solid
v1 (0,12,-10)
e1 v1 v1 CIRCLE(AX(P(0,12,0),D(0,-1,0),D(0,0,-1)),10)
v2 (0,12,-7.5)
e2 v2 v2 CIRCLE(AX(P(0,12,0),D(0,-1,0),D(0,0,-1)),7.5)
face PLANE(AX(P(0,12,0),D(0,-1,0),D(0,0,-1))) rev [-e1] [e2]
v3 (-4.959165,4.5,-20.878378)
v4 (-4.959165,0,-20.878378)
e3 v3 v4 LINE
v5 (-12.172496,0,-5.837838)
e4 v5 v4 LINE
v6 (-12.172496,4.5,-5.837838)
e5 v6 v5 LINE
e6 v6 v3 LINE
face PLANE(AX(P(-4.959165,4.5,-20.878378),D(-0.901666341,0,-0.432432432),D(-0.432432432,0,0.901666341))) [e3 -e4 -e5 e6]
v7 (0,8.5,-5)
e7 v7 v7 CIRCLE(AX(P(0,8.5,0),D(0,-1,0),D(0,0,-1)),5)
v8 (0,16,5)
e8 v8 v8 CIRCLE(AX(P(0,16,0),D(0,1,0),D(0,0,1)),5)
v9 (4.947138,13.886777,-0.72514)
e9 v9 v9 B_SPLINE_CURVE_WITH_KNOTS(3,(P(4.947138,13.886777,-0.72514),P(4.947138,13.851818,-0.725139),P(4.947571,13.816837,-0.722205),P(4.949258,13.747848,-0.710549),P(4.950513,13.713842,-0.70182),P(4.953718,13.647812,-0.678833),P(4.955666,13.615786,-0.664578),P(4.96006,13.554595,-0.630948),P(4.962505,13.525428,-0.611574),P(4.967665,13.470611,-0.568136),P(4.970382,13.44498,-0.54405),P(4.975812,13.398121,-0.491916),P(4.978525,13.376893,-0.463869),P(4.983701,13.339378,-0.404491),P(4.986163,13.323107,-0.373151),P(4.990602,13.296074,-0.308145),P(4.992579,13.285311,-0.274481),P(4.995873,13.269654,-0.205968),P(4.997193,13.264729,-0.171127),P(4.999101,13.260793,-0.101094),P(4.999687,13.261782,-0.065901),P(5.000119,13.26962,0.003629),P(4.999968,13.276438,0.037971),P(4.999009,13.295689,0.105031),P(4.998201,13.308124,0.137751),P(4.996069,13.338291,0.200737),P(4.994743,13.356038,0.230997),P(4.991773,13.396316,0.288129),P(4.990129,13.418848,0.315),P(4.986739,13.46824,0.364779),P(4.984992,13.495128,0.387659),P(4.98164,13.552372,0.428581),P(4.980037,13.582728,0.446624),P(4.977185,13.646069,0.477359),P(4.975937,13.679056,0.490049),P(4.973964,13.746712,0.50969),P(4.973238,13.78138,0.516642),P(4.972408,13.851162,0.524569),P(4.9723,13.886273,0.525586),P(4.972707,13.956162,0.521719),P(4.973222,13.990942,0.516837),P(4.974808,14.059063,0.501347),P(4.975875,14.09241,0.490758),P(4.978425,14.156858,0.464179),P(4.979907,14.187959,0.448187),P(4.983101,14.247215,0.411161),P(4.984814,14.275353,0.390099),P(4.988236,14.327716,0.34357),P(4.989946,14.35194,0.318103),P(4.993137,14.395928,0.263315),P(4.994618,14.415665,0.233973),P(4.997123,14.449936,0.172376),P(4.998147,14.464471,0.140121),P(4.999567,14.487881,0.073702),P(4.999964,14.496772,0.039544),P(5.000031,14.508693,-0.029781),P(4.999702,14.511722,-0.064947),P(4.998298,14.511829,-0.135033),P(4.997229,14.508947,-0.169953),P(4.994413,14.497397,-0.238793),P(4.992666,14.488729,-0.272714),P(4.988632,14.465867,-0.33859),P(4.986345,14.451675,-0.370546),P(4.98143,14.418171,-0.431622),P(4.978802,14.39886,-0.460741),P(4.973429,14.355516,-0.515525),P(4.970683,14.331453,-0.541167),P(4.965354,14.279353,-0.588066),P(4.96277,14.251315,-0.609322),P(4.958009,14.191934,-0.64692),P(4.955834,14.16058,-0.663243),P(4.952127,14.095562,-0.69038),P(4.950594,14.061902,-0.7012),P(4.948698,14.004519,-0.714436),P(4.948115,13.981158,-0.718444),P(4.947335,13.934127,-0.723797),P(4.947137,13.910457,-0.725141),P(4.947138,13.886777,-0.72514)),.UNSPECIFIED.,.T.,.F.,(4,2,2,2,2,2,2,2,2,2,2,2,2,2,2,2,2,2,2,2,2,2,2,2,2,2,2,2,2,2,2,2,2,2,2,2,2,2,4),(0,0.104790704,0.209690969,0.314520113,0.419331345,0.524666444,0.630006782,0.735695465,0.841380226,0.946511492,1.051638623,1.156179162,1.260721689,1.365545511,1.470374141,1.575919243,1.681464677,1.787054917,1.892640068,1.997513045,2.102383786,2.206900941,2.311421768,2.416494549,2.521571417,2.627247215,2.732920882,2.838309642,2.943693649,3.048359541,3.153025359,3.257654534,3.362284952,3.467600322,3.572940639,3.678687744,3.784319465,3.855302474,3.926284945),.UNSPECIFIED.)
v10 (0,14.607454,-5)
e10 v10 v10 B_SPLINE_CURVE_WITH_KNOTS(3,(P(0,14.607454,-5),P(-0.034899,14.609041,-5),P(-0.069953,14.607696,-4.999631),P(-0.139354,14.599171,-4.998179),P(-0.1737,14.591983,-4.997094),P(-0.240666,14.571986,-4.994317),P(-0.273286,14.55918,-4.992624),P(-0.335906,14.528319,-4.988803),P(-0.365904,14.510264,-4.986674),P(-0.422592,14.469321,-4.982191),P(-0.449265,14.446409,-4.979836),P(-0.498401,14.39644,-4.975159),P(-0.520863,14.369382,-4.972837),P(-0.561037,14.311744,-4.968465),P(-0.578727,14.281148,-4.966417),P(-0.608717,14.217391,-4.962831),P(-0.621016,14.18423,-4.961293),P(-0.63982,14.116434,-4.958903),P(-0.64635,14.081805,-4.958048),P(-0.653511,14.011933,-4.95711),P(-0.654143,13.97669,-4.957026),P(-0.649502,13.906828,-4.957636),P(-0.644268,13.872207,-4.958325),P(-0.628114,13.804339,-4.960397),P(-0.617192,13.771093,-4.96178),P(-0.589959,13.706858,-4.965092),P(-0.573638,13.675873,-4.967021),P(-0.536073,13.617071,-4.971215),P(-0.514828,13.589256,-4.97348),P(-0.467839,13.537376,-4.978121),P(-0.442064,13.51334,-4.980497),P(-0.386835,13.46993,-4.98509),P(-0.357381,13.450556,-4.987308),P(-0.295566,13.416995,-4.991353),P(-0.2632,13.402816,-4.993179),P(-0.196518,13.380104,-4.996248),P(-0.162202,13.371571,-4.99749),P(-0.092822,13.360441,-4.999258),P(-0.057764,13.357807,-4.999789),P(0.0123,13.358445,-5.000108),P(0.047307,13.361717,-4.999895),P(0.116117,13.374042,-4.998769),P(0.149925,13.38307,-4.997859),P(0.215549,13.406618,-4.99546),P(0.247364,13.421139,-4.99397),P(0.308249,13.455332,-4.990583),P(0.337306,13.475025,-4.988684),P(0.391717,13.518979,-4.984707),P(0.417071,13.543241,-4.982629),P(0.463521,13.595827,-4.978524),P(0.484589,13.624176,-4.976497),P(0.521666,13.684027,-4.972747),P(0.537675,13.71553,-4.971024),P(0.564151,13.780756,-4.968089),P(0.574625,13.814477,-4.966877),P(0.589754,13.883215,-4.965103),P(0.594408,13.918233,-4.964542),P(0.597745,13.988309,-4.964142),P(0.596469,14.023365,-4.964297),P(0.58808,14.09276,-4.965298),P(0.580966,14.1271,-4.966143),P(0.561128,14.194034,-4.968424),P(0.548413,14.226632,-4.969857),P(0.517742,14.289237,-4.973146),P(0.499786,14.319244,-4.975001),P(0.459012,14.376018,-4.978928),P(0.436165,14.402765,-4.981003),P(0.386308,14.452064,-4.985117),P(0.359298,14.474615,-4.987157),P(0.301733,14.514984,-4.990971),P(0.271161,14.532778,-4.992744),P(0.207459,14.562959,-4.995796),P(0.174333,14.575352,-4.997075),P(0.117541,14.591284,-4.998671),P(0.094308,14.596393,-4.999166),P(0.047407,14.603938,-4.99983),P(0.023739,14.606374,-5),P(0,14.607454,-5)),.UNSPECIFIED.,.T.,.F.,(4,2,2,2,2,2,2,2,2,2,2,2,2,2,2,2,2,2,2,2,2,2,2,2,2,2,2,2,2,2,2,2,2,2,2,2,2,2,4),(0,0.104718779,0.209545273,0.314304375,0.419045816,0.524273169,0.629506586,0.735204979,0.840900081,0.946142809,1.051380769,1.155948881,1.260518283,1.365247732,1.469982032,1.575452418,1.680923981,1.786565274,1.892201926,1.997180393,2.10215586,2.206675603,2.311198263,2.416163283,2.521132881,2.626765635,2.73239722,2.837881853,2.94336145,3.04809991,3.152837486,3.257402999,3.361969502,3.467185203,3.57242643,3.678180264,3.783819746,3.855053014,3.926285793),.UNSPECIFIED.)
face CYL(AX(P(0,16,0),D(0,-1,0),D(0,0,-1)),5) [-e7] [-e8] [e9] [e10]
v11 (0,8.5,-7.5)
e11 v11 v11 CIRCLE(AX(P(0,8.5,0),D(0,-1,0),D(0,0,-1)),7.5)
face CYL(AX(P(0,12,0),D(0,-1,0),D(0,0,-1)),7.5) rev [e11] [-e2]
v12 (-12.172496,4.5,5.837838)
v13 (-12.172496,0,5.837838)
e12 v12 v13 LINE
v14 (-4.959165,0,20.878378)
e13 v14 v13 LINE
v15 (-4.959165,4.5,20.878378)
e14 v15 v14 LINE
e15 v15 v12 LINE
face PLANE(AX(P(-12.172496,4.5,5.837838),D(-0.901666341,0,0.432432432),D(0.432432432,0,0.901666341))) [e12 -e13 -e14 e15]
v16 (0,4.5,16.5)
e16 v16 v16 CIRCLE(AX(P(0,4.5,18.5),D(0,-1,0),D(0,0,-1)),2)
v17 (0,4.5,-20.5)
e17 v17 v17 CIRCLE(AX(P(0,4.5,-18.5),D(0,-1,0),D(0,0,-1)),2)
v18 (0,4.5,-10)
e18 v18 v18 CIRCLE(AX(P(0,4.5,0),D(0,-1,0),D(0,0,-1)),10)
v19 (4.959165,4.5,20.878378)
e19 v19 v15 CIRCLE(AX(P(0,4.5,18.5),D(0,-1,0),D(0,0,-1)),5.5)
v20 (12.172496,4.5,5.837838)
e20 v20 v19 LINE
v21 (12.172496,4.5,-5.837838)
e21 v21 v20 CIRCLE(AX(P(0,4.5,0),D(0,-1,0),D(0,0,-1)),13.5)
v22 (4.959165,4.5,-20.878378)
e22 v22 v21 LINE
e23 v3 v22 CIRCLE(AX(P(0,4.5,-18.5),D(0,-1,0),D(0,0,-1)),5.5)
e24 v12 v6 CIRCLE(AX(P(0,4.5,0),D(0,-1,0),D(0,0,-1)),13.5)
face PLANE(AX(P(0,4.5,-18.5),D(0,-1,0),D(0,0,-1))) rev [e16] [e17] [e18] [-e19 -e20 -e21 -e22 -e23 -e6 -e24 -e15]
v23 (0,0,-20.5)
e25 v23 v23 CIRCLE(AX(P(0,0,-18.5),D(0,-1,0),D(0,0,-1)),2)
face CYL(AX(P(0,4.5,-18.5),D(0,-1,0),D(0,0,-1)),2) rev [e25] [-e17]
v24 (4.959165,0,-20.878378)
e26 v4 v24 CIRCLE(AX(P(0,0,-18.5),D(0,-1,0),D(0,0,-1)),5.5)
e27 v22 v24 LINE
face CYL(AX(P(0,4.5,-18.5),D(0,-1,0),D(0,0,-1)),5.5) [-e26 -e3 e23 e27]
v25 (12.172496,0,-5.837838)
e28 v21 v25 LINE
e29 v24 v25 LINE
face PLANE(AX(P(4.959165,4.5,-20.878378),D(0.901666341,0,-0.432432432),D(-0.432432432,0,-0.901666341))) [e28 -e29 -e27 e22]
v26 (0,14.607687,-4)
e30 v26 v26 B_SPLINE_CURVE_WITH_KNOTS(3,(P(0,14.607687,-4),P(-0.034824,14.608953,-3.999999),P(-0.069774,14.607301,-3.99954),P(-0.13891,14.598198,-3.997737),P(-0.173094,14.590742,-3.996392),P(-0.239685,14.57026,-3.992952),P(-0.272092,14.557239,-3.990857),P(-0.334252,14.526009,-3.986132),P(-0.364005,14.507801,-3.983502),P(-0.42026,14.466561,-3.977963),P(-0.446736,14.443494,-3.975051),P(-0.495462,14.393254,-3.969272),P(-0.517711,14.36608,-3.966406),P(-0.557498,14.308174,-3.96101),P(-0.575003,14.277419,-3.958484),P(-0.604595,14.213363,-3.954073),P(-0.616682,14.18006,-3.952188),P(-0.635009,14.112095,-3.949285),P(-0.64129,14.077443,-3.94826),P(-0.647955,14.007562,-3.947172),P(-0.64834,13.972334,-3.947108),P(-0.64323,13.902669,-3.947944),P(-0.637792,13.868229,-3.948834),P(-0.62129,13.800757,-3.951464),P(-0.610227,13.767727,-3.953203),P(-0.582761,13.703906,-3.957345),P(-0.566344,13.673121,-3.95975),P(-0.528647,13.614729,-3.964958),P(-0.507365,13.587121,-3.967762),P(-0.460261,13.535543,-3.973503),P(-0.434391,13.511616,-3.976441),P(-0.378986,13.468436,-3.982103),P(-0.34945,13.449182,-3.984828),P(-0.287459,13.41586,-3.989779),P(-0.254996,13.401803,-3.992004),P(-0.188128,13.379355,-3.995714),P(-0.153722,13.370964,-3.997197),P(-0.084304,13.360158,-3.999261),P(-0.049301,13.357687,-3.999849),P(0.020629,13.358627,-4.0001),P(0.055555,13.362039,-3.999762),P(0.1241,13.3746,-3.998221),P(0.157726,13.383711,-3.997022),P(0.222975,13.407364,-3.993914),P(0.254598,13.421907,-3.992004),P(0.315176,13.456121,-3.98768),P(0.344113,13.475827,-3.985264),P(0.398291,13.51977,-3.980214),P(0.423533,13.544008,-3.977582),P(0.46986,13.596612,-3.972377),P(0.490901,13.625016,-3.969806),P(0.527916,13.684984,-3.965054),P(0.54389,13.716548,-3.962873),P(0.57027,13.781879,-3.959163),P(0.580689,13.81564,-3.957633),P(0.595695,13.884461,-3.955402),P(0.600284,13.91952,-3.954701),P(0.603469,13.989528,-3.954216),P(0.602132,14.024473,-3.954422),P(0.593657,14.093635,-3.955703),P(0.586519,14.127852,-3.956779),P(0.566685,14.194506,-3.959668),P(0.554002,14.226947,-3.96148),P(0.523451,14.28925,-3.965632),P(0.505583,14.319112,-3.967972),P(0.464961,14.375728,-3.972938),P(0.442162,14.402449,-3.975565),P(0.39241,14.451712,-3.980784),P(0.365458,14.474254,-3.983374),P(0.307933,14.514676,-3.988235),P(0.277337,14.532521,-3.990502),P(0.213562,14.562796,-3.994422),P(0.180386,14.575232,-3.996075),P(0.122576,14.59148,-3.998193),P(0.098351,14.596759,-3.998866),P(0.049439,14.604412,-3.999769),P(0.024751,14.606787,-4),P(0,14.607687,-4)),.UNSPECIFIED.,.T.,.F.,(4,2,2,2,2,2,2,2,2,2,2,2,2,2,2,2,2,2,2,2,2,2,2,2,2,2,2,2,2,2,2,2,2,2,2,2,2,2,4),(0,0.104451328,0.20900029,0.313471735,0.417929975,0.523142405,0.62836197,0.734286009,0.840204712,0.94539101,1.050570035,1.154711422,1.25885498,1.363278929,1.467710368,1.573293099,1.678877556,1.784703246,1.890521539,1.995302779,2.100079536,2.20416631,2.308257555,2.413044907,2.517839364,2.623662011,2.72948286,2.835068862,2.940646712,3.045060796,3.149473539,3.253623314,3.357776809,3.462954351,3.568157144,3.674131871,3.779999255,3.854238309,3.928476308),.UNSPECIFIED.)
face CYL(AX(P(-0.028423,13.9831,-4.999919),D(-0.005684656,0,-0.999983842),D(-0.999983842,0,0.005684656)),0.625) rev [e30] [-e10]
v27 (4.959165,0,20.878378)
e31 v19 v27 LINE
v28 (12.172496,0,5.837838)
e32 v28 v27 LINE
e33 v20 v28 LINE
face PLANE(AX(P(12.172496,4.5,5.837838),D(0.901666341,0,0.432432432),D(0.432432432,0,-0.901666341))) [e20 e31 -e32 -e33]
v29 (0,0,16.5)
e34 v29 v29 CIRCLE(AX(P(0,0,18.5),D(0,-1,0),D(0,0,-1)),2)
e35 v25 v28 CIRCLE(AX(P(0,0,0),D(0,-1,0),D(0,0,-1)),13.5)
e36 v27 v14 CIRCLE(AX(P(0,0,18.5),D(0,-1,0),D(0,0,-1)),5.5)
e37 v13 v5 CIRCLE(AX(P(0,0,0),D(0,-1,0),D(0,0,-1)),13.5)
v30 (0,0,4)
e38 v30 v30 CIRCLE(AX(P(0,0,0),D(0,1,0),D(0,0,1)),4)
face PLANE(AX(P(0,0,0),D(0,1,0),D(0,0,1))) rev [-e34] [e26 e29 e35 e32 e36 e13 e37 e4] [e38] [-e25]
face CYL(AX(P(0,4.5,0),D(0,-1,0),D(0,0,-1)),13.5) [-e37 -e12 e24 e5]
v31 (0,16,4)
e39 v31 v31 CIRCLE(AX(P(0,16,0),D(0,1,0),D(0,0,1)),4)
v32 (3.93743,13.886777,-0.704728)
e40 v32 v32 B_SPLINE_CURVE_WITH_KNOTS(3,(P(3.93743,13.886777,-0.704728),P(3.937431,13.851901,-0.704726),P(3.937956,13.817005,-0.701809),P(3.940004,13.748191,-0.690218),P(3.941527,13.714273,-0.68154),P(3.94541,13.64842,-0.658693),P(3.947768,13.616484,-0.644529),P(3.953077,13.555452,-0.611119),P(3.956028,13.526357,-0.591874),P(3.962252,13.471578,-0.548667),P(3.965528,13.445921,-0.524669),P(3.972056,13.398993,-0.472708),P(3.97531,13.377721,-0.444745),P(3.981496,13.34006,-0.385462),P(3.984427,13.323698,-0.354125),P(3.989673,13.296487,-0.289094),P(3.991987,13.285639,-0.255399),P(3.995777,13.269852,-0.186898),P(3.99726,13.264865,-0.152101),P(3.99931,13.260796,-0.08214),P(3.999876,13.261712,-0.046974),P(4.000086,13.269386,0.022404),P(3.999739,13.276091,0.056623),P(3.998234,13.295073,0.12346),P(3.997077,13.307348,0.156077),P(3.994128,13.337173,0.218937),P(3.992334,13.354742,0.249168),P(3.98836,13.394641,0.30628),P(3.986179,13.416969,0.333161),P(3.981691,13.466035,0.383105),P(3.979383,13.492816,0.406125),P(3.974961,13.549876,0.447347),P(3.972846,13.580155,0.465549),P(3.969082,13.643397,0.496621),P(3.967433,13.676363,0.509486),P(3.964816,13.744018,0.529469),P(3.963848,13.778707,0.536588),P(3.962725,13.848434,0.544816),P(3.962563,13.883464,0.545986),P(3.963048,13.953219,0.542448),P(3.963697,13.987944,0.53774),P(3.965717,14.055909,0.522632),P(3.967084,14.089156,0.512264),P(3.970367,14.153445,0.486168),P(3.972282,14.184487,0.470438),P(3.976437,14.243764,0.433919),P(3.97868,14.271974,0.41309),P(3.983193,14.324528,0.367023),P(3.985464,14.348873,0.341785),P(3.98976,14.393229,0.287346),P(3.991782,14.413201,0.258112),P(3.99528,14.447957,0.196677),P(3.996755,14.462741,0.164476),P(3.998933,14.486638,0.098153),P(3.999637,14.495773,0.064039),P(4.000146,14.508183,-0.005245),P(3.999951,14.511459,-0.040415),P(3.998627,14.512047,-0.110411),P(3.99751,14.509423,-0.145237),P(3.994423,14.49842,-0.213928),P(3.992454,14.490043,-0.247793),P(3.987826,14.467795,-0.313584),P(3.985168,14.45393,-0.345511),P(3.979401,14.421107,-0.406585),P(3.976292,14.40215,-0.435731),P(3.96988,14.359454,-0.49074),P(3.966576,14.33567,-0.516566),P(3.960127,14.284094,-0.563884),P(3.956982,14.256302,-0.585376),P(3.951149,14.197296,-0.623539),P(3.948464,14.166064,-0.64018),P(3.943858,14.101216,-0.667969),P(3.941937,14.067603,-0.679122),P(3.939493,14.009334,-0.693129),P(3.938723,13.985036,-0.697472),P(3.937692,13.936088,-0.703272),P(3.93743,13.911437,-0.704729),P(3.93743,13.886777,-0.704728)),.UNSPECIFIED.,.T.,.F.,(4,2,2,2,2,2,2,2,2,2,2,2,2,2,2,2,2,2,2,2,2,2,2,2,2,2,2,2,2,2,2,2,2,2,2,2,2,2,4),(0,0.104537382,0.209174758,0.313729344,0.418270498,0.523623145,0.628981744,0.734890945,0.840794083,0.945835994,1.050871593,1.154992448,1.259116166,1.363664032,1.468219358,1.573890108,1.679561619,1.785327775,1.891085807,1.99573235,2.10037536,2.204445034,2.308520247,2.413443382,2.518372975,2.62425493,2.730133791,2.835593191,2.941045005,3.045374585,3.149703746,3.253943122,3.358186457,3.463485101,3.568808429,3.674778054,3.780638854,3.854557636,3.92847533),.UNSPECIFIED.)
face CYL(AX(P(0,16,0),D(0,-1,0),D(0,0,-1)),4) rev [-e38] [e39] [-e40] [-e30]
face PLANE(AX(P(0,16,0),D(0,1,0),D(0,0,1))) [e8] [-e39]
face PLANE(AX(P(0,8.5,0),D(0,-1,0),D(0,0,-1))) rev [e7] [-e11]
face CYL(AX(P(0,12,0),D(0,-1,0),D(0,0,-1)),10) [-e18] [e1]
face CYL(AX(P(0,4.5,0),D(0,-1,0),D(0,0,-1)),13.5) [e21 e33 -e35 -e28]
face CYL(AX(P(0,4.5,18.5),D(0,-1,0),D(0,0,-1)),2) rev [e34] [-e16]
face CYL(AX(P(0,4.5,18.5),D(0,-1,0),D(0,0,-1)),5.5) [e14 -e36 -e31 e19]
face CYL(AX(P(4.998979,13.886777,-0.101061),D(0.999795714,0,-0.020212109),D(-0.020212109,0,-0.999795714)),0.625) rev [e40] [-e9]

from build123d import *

# Parameters (mm, degrees)
SKETCH_1_R                         = 5
SKETCH_1_R_2                       = 4
EXTRUDE_1_DEPTH                    = 16
SKETCH_2_R                         = 7.5
SKETCH_2_R_2                       = 5
EXTRUDE_2_DEPTH                    = 8.5
SKETCH_3_R                         = 10
SKETCH_3_R_2                       = 7.5
EXTRUDE_3_DEPTH                    = 12
SKETCH_4_R                         = 10
SKETCH_4_R_2                       = 2
EXTRUDE_4_DEPTH                    = 4.5
HOLE_WIZARD_M1_6_1_REACH           = 35.405
HOLE_WIZARD_M1_6_1_BORE_R          = 0.625
HOLE_WIZARD_M1_6_1_ON_FACE_2_REACH = 36.922
HOLE_WIZARD_M1_6_1_BORE_2_R        = 0.625


with BuildPart() as part:
    # 草图1 → 凸台-拉伸1 (new body)
    with BuildSketch(Plane(origin=(0, 0, 0), x_dir=(1, 0, 0), z_dir=(0, 1, 0))):
        with Locations(Location((0, 0, 0), (0, 0, 270))):
            Circle(SKETCH_1_R)
        with Locations(Location((0, 0, 0), (0, 0, 270))):
            Circle(SKETCH_1_R_2, mode=Mode.SUBTRACT)
    extrude(amount=EXTRUDE_1_DEPTH)

    # 草图2 → 凸台-拉伸2 (add)
    with BuildSketch(Plane.XZ):
        with Locations(Location((0, 0, 0), (0, 0, 270))):
            Circle(SKETCH_2_R)
        with Locations(Location((0, 0, 0), (0, 0, 270))):
            Circle(SKETCH_2_R_2, mode=Mode.SUBTRACT)
    extrude(amount=-EXTRUDE_2_DEPTH)

    # 草图3 → 凸台-拉伸3 (add)
    with BuildSketch(Plane.XZ):
        with Locations(Location((0, 0, 0), (0, 0, 270))):
            Circle(SKETCH_3_R)
        with Locations(Location((0, 0, 0), (0, 0, 270))):
            Circle(SKETCH_3_R_2, mode=Mode.SUBTRACT)
    extrude(amount=-EXTRUDE_3_DEPTH)

    # 草图4 → 凸台-拉伸4 (add)
    with BuildSketch(Plane.XZ):
        with BuildLine():
            Line((4.959164878, -20.878378378), (12.17249561, -5.837837838))
            ThreePointArc((12.17249561, -5.837837838), (13.5, 0), (12.17249561, 5.837837838))
            Line((12.17249561, 5.837837838), (4.959164878, 20.878378378))
            ThreePointArc((4.959164878, 20.878378378), (0, 24), (-4.959164878, 20.878378378))
            Line((-4.959164878, 20.878378378), (-12.17249561, 5.837837838))
            ThreePointArc((-12.17249561, 5.837837838), (-13.5, 0), (-12.17249561, -5.837837838))
            Line((-12.17249561, -5.837837838), (-4.959164878, -20.878378378))
            ThreePointArc((-4.959164878, -20.878378378), (0, -24), (4.959164878, -20.878378378))
        make_face()
        with Locations(Location((0, 0, 0), (0, 0, 270))):
            Circle(SKETCH_4_R, mode=Mode.SUBTRACT)
        with Locations(Location((0, 18.5, 0), (0, 0, 270))):
            Circle(SKETCH_4_R_2, mode=Mode.SUBTRACT)
        with Locations(Location((0, -18.5, 0), (0, 0, 270))):
            Circle(SKETCH_4_R_2, mode=Mode.SUBTRACT)
    extrude(amount=-EXTRUDE_4_DEPTH)

    # M1.6 螺纹孔1 bore (on position points) → M1.6 螺纹孔1 (cut, up to next)
    with BuildSketch(Plane(origin=(4.998978572, 13.886776662, -0.101060544), x_dir=(0.020212108711, 0, 0.999795714464), z_dir=(0.999795714464, 0, -0.020212108711)), mode=Mode.PRIVATE) as hole_wizard_m1_6_1_sk1:
        Circle(HOLE_WIZARD_M1_6_1_BORE_R)
    hole_wizard_m1_6_1_tool1 = extrude(hole_wizard_m1_6_1_sk1.sketch, amount=-HOLE_WIZARD_M1_6_1_REACH, mode=Mode.PRIVATE) & part.part
    add(hole_wizard_m1_6_1_tool1.solids().sort_by_distance((4.998979, 13.886777, -0.101061))[0], mode=Mode.SUBTRACT)

    # M1.6 螺纹孔1 bore 2 (on position points) → M1.6 螺纹孔1 on face 2 (cut, up to next)
    with BuildSketch(Plane(origin=(-0.028423278, 13.983100373, -4.999919211), x_dir=(-0.999983840262, 0, 0.005684999092), z_dir=(-0.005684999092, 0, -0.999983840262)), mode=Mode.PRIVATE) as hole_wizard_m1_6_1_on_face_2_sk1:
        Circle(HOLE_WIZARD_M1_6_1_BORE_2_R)
    hole_wizard_m1_6_1_on_face_2_tool1 = extrude(hole_wizard_m1_6_1_on_face_2_sk1.sketch, amount=-HOLE_WIZARD_M1_6_1_ON_FACE_2_REACH, mode=Mode.PRIVATE) & part.part
    add(hole_wizard_m1_6_1_on_face_2_tool1.solids().sort_by_distance((-0.028423, 13.9831, -4.999919))[0], mode=Mode.SUBTRACT)


solid = part.part
